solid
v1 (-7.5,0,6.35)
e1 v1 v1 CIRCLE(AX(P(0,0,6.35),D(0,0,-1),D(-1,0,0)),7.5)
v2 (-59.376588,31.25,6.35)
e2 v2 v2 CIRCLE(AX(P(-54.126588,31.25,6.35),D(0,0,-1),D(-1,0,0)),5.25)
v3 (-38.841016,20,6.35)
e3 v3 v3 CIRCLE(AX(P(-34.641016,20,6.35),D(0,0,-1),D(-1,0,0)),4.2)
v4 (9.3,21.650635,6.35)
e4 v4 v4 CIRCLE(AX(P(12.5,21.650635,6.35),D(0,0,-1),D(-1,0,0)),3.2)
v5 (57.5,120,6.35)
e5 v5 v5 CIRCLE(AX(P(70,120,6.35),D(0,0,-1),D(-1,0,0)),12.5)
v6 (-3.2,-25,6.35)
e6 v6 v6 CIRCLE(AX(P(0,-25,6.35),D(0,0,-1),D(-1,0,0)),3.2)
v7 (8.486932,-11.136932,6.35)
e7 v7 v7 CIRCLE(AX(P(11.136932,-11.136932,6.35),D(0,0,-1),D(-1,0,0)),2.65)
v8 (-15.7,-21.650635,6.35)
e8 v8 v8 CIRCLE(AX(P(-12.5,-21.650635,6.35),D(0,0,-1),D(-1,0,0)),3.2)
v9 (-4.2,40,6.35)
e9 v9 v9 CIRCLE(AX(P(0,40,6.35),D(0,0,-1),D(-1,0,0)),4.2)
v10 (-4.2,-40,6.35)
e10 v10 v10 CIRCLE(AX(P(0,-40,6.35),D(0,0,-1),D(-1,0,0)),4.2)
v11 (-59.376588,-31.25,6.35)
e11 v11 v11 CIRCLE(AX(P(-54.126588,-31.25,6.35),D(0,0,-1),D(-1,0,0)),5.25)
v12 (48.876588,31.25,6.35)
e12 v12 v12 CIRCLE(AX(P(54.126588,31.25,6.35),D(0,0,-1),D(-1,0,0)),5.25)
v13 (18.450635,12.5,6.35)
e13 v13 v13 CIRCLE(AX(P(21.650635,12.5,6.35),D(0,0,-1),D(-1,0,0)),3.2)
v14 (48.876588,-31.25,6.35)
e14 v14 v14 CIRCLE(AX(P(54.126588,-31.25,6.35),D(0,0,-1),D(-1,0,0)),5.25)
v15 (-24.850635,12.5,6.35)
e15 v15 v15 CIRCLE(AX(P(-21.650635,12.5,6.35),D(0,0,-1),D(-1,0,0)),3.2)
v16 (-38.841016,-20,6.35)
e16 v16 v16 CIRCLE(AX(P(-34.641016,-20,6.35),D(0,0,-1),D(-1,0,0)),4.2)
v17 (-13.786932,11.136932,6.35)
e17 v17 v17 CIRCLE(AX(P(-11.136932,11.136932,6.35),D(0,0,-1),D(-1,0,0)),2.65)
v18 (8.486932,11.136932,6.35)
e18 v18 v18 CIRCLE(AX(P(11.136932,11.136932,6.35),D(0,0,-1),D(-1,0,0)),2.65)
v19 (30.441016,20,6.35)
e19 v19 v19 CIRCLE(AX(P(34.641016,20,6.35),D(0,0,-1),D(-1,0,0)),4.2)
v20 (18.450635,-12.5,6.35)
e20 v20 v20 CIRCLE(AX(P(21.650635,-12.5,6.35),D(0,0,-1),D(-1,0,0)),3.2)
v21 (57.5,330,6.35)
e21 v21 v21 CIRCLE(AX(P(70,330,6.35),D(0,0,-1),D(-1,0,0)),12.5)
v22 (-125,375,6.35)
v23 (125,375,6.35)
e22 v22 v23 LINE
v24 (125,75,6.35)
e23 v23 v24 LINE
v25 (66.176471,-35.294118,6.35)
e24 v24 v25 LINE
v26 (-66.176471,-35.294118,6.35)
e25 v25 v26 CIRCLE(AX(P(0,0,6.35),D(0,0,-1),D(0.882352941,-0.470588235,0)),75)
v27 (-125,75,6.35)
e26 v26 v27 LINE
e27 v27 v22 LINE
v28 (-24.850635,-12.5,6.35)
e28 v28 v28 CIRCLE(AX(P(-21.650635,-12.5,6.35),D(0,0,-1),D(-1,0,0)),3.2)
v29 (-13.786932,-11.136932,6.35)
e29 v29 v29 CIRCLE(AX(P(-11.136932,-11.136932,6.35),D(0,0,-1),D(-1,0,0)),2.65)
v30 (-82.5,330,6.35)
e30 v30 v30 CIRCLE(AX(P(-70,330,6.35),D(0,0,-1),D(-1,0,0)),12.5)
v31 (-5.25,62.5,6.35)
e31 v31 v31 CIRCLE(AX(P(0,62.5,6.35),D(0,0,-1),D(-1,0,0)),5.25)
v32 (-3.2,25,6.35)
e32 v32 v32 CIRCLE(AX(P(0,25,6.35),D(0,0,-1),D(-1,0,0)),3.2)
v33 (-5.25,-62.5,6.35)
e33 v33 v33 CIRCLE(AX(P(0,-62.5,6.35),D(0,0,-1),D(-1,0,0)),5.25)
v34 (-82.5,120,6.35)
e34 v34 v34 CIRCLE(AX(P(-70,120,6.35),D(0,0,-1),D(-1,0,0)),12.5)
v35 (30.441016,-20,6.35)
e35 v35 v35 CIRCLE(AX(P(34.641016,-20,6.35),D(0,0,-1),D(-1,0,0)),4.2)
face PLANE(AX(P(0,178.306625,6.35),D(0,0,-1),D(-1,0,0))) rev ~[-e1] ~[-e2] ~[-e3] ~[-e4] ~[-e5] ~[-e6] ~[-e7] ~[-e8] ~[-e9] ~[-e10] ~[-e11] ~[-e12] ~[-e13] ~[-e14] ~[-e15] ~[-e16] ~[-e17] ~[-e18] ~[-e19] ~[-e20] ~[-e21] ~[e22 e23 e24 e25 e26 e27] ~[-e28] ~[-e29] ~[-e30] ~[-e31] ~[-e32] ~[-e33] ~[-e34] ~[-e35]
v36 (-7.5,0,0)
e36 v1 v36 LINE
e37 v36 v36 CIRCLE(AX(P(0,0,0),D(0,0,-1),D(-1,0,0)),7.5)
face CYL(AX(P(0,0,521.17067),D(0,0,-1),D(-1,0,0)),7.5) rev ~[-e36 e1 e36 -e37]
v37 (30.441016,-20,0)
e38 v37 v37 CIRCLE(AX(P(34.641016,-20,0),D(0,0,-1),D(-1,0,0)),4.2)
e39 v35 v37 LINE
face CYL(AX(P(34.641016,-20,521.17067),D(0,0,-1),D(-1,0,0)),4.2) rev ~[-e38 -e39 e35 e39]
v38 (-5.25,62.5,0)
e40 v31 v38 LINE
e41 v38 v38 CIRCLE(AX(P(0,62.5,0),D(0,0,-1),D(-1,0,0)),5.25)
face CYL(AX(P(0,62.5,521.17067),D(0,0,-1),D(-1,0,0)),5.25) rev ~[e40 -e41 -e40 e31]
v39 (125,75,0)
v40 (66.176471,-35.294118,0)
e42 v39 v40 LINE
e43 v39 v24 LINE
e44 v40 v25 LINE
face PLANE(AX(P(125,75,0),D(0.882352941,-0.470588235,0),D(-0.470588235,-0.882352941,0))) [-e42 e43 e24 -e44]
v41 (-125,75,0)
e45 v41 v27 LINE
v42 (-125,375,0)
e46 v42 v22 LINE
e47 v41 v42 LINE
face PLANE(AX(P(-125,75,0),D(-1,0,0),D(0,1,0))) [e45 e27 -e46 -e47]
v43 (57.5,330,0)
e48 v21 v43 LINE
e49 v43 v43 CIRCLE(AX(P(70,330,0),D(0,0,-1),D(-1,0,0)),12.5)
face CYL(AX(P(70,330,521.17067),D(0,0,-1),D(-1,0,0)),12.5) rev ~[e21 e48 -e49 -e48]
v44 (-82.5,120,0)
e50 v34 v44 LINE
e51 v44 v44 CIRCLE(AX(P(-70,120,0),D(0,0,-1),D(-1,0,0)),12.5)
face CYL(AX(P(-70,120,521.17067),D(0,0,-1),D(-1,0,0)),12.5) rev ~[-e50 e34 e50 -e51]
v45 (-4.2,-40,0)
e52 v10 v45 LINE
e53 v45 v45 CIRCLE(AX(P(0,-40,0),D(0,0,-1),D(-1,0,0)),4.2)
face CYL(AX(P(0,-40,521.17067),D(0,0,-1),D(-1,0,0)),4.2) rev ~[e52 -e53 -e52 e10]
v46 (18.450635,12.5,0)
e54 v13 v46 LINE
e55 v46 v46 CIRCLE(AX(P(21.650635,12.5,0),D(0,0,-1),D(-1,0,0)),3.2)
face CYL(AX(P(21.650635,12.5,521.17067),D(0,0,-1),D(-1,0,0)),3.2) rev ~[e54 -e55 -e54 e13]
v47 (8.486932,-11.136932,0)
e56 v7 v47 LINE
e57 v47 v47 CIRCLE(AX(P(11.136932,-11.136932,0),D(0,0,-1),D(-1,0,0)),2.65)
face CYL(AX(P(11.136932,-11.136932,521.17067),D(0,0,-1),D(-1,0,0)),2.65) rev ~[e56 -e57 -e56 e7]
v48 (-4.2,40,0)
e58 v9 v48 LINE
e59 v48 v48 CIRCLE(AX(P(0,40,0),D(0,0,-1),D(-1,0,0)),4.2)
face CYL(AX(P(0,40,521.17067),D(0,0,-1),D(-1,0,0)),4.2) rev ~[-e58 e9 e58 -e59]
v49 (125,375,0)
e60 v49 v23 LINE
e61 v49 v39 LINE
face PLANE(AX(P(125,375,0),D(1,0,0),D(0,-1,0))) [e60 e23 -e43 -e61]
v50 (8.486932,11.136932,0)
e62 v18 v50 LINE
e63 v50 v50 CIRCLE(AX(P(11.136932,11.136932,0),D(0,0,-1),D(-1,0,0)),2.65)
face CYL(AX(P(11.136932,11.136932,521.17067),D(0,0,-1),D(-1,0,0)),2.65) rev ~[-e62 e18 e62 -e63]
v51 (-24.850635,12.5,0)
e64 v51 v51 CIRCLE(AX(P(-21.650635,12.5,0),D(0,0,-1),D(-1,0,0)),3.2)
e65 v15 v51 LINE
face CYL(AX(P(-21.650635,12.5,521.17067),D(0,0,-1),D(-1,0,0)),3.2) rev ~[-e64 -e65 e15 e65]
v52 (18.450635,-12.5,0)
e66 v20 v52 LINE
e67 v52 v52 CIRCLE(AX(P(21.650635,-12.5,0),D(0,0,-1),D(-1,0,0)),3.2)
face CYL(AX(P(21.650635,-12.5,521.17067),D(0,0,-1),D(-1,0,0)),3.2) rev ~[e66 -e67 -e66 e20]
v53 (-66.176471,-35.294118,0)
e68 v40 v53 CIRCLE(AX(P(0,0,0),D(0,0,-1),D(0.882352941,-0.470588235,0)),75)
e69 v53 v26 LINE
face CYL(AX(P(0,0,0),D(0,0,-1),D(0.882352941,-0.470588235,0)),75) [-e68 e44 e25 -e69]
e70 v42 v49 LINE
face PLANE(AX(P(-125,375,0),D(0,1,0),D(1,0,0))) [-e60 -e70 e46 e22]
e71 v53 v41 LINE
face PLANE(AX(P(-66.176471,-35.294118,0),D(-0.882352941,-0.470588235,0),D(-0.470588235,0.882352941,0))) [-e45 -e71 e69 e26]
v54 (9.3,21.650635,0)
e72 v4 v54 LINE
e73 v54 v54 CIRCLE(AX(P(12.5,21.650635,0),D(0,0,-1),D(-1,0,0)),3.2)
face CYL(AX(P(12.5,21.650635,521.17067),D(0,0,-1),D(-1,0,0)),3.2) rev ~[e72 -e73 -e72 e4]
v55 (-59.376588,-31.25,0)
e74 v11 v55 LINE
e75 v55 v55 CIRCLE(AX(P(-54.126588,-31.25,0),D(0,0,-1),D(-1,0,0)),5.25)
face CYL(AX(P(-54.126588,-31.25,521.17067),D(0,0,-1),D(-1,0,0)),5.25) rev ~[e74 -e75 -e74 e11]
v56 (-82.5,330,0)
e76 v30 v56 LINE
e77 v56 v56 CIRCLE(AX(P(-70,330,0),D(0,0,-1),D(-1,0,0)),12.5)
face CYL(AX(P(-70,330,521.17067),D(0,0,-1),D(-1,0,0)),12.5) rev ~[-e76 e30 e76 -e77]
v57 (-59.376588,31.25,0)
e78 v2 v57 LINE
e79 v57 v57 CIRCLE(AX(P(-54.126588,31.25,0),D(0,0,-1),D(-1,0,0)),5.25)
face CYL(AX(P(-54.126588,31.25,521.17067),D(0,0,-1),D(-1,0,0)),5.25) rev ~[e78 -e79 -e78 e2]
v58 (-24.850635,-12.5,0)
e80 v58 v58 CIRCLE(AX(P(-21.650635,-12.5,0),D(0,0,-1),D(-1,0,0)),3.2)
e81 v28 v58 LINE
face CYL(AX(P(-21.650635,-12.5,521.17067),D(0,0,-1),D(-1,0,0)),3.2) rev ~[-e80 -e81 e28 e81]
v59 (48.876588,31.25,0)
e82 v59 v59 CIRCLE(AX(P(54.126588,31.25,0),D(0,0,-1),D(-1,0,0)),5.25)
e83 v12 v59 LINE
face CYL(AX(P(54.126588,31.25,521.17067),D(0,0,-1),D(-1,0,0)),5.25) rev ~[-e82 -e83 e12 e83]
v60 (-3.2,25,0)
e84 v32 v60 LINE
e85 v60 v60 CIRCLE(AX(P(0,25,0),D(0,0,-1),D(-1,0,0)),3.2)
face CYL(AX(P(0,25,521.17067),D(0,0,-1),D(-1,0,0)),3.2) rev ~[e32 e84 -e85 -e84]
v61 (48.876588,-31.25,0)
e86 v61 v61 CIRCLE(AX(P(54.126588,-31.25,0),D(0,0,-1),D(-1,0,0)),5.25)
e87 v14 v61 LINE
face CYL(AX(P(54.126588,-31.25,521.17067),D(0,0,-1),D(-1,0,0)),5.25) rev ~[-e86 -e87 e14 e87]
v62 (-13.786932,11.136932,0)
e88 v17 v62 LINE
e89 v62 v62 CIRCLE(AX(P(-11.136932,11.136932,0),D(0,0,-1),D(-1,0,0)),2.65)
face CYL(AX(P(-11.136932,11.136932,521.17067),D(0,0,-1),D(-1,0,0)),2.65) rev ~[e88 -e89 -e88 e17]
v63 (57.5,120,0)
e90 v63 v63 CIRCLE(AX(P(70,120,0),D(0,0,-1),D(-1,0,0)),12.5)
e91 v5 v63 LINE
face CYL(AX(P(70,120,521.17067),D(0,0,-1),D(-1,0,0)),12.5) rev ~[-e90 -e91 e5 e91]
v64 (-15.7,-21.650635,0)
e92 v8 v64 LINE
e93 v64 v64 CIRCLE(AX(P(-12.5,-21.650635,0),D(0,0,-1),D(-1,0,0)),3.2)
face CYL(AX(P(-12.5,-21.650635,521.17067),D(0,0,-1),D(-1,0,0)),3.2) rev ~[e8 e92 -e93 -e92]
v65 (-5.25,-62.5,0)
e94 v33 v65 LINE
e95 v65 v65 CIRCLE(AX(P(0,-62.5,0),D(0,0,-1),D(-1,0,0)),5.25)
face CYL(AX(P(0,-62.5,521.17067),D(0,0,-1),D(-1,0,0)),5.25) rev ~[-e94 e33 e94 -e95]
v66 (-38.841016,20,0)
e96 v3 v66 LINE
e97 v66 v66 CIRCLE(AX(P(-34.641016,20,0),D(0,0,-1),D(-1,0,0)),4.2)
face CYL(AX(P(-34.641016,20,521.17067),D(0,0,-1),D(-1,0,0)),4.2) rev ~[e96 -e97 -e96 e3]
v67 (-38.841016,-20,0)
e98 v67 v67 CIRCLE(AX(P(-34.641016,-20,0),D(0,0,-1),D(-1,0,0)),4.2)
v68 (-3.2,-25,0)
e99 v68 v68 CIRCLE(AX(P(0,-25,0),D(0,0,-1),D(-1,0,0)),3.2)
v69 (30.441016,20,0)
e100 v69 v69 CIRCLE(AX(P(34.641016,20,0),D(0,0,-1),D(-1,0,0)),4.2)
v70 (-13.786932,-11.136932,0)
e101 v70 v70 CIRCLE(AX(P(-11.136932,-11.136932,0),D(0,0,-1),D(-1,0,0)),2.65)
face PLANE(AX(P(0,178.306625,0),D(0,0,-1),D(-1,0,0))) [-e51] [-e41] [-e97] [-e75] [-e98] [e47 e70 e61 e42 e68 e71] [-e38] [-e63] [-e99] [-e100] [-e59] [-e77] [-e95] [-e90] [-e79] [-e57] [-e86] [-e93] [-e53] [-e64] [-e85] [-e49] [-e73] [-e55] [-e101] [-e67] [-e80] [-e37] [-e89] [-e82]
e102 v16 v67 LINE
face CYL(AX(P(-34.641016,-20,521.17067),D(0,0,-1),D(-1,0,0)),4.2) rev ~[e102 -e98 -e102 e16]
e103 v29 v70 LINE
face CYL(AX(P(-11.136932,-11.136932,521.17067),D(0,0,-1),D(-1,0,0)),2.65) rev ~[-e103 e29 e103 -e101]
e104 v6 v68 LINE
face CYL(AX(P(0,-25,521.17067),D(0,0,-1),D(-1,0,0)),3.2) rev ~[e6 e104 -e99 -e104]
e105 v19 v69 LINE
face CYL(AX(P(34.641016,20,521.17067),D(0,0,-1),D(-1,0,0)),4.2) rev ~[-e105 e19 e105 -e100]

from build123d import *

# Parameters (mm, degrees)
BOSS_EXTRUDE1_DEPTH        = 6.35
SIA20_80MM_X_M8_X_6_D      = 8.4
IRB2400_50MM_X_M6_X_6_D    = 6.4
UR5_50MM_X_M6_X_4_D        = 6.4
R2000_125MM_X_M10_X_6_D    = 10.5
M5_CLEARANCE_HOLE1_D       = 5.3
F_25_0_25_DIAMETER_HOLE2_D = 25
F_15_0_15_DIAMETER_HOLE1_D = 15


with BuildPart() as part:
    # Sketch1 → Boss-Extrude1 (new body)
    with BuildSketch(Plane.XY):
        with BuildLine():
            Line((-125, 375), (125, 375))
            Line((125, 375), (125, 75))
            Line((125, 75), (66.176470588, -35.294117647))
            ThreePointArc((66.176470588, -35.294117647), (0, -75), (-66.176470588, -35.294117647))
            Line((-66.176470588, -35.294117647), (-125, 75))
            Line((-125, 75), (-125, 375))
        make_face()
    extrude(amount=BOSS_EXTRUDE1_DEPTH)

    # SIA20 (80mm x M8 x 6) (through all)
    with Locations(Plane.XY.offset(6.35)):
        with Locations((-34.641016151, 20), (-34.641016151, -20), (0, -40), (34.641016151, -20), (34.641016151, 20), (0, 40)):
            Hole(SIA20_80MM_X_M8_X_6_D / 2)

    # IRB2400 (50mm x M6 x 6) (through all)
    with Locations(Plane.XY.offset(6.35)):
        with Locations((0, 25), (21.650635095, -12.5), (21.650635095, 12.5), (-21.650635095, 12.5), (-21.650635095, -12.5), (0, -25)):
            Hole(IRB2400_50MM_X_M6_X_6_D / 2)

    # UR5 (50mm x M6 x 4) (through all)
    with Locations(Plane.XY.offset(6.35)):
        with Locations((12.5, 21.650635095), (-21.650635095, 12.5), (-12.5, -21.650635095), (21.650635095, -12.5)):
            Hole(UR5_50MM_X_M6_X_4_D / 2)

    # R2000 (125mm x M10 x 6) (through all)
    with Locations(Plane.XY.offset(6.35)):
        with Locations((-54.126587737, 31.25), (0, 62.5), (54.126587737, 31.25), (54.126587737, -31.25), (0, -62.5), (-54.126587737, -31.25)):
            Hole(R2000_125MM_X_M10_X_6_D / 2)

    # M5 Clearance Hole1 (through all)
    with Locations(Plane.XY.offset(6.35)):
        with Locations((-11.136931804, 11.136931804), (11.136931804, 11.136931804), (11.136931804, -11.136931804), (-11.136931804, -11.136931804)):
            Hole(M5_CLEARANCE_HOLE1_D / 2)

    # Ø25.0 (25) Diameter Hole2 (through all)
    with Locations(Plane.XY.offset(6.35)):
        with Locations((-70, 330), (-70, 120), (70, 120), (70, 330)):
            Hole(F_25_0_25_DIAMETER_HOLE2_D / 2)

    # Ø15.0 (15) Diameter Hole1 (through all)
    with Locations(Plane.XY.offset(6.35)):
        with Locations((0, 0)):
            Hole(F_15_0_15_DIAMETER_HOLE1_D / 2)


solid = part.part
